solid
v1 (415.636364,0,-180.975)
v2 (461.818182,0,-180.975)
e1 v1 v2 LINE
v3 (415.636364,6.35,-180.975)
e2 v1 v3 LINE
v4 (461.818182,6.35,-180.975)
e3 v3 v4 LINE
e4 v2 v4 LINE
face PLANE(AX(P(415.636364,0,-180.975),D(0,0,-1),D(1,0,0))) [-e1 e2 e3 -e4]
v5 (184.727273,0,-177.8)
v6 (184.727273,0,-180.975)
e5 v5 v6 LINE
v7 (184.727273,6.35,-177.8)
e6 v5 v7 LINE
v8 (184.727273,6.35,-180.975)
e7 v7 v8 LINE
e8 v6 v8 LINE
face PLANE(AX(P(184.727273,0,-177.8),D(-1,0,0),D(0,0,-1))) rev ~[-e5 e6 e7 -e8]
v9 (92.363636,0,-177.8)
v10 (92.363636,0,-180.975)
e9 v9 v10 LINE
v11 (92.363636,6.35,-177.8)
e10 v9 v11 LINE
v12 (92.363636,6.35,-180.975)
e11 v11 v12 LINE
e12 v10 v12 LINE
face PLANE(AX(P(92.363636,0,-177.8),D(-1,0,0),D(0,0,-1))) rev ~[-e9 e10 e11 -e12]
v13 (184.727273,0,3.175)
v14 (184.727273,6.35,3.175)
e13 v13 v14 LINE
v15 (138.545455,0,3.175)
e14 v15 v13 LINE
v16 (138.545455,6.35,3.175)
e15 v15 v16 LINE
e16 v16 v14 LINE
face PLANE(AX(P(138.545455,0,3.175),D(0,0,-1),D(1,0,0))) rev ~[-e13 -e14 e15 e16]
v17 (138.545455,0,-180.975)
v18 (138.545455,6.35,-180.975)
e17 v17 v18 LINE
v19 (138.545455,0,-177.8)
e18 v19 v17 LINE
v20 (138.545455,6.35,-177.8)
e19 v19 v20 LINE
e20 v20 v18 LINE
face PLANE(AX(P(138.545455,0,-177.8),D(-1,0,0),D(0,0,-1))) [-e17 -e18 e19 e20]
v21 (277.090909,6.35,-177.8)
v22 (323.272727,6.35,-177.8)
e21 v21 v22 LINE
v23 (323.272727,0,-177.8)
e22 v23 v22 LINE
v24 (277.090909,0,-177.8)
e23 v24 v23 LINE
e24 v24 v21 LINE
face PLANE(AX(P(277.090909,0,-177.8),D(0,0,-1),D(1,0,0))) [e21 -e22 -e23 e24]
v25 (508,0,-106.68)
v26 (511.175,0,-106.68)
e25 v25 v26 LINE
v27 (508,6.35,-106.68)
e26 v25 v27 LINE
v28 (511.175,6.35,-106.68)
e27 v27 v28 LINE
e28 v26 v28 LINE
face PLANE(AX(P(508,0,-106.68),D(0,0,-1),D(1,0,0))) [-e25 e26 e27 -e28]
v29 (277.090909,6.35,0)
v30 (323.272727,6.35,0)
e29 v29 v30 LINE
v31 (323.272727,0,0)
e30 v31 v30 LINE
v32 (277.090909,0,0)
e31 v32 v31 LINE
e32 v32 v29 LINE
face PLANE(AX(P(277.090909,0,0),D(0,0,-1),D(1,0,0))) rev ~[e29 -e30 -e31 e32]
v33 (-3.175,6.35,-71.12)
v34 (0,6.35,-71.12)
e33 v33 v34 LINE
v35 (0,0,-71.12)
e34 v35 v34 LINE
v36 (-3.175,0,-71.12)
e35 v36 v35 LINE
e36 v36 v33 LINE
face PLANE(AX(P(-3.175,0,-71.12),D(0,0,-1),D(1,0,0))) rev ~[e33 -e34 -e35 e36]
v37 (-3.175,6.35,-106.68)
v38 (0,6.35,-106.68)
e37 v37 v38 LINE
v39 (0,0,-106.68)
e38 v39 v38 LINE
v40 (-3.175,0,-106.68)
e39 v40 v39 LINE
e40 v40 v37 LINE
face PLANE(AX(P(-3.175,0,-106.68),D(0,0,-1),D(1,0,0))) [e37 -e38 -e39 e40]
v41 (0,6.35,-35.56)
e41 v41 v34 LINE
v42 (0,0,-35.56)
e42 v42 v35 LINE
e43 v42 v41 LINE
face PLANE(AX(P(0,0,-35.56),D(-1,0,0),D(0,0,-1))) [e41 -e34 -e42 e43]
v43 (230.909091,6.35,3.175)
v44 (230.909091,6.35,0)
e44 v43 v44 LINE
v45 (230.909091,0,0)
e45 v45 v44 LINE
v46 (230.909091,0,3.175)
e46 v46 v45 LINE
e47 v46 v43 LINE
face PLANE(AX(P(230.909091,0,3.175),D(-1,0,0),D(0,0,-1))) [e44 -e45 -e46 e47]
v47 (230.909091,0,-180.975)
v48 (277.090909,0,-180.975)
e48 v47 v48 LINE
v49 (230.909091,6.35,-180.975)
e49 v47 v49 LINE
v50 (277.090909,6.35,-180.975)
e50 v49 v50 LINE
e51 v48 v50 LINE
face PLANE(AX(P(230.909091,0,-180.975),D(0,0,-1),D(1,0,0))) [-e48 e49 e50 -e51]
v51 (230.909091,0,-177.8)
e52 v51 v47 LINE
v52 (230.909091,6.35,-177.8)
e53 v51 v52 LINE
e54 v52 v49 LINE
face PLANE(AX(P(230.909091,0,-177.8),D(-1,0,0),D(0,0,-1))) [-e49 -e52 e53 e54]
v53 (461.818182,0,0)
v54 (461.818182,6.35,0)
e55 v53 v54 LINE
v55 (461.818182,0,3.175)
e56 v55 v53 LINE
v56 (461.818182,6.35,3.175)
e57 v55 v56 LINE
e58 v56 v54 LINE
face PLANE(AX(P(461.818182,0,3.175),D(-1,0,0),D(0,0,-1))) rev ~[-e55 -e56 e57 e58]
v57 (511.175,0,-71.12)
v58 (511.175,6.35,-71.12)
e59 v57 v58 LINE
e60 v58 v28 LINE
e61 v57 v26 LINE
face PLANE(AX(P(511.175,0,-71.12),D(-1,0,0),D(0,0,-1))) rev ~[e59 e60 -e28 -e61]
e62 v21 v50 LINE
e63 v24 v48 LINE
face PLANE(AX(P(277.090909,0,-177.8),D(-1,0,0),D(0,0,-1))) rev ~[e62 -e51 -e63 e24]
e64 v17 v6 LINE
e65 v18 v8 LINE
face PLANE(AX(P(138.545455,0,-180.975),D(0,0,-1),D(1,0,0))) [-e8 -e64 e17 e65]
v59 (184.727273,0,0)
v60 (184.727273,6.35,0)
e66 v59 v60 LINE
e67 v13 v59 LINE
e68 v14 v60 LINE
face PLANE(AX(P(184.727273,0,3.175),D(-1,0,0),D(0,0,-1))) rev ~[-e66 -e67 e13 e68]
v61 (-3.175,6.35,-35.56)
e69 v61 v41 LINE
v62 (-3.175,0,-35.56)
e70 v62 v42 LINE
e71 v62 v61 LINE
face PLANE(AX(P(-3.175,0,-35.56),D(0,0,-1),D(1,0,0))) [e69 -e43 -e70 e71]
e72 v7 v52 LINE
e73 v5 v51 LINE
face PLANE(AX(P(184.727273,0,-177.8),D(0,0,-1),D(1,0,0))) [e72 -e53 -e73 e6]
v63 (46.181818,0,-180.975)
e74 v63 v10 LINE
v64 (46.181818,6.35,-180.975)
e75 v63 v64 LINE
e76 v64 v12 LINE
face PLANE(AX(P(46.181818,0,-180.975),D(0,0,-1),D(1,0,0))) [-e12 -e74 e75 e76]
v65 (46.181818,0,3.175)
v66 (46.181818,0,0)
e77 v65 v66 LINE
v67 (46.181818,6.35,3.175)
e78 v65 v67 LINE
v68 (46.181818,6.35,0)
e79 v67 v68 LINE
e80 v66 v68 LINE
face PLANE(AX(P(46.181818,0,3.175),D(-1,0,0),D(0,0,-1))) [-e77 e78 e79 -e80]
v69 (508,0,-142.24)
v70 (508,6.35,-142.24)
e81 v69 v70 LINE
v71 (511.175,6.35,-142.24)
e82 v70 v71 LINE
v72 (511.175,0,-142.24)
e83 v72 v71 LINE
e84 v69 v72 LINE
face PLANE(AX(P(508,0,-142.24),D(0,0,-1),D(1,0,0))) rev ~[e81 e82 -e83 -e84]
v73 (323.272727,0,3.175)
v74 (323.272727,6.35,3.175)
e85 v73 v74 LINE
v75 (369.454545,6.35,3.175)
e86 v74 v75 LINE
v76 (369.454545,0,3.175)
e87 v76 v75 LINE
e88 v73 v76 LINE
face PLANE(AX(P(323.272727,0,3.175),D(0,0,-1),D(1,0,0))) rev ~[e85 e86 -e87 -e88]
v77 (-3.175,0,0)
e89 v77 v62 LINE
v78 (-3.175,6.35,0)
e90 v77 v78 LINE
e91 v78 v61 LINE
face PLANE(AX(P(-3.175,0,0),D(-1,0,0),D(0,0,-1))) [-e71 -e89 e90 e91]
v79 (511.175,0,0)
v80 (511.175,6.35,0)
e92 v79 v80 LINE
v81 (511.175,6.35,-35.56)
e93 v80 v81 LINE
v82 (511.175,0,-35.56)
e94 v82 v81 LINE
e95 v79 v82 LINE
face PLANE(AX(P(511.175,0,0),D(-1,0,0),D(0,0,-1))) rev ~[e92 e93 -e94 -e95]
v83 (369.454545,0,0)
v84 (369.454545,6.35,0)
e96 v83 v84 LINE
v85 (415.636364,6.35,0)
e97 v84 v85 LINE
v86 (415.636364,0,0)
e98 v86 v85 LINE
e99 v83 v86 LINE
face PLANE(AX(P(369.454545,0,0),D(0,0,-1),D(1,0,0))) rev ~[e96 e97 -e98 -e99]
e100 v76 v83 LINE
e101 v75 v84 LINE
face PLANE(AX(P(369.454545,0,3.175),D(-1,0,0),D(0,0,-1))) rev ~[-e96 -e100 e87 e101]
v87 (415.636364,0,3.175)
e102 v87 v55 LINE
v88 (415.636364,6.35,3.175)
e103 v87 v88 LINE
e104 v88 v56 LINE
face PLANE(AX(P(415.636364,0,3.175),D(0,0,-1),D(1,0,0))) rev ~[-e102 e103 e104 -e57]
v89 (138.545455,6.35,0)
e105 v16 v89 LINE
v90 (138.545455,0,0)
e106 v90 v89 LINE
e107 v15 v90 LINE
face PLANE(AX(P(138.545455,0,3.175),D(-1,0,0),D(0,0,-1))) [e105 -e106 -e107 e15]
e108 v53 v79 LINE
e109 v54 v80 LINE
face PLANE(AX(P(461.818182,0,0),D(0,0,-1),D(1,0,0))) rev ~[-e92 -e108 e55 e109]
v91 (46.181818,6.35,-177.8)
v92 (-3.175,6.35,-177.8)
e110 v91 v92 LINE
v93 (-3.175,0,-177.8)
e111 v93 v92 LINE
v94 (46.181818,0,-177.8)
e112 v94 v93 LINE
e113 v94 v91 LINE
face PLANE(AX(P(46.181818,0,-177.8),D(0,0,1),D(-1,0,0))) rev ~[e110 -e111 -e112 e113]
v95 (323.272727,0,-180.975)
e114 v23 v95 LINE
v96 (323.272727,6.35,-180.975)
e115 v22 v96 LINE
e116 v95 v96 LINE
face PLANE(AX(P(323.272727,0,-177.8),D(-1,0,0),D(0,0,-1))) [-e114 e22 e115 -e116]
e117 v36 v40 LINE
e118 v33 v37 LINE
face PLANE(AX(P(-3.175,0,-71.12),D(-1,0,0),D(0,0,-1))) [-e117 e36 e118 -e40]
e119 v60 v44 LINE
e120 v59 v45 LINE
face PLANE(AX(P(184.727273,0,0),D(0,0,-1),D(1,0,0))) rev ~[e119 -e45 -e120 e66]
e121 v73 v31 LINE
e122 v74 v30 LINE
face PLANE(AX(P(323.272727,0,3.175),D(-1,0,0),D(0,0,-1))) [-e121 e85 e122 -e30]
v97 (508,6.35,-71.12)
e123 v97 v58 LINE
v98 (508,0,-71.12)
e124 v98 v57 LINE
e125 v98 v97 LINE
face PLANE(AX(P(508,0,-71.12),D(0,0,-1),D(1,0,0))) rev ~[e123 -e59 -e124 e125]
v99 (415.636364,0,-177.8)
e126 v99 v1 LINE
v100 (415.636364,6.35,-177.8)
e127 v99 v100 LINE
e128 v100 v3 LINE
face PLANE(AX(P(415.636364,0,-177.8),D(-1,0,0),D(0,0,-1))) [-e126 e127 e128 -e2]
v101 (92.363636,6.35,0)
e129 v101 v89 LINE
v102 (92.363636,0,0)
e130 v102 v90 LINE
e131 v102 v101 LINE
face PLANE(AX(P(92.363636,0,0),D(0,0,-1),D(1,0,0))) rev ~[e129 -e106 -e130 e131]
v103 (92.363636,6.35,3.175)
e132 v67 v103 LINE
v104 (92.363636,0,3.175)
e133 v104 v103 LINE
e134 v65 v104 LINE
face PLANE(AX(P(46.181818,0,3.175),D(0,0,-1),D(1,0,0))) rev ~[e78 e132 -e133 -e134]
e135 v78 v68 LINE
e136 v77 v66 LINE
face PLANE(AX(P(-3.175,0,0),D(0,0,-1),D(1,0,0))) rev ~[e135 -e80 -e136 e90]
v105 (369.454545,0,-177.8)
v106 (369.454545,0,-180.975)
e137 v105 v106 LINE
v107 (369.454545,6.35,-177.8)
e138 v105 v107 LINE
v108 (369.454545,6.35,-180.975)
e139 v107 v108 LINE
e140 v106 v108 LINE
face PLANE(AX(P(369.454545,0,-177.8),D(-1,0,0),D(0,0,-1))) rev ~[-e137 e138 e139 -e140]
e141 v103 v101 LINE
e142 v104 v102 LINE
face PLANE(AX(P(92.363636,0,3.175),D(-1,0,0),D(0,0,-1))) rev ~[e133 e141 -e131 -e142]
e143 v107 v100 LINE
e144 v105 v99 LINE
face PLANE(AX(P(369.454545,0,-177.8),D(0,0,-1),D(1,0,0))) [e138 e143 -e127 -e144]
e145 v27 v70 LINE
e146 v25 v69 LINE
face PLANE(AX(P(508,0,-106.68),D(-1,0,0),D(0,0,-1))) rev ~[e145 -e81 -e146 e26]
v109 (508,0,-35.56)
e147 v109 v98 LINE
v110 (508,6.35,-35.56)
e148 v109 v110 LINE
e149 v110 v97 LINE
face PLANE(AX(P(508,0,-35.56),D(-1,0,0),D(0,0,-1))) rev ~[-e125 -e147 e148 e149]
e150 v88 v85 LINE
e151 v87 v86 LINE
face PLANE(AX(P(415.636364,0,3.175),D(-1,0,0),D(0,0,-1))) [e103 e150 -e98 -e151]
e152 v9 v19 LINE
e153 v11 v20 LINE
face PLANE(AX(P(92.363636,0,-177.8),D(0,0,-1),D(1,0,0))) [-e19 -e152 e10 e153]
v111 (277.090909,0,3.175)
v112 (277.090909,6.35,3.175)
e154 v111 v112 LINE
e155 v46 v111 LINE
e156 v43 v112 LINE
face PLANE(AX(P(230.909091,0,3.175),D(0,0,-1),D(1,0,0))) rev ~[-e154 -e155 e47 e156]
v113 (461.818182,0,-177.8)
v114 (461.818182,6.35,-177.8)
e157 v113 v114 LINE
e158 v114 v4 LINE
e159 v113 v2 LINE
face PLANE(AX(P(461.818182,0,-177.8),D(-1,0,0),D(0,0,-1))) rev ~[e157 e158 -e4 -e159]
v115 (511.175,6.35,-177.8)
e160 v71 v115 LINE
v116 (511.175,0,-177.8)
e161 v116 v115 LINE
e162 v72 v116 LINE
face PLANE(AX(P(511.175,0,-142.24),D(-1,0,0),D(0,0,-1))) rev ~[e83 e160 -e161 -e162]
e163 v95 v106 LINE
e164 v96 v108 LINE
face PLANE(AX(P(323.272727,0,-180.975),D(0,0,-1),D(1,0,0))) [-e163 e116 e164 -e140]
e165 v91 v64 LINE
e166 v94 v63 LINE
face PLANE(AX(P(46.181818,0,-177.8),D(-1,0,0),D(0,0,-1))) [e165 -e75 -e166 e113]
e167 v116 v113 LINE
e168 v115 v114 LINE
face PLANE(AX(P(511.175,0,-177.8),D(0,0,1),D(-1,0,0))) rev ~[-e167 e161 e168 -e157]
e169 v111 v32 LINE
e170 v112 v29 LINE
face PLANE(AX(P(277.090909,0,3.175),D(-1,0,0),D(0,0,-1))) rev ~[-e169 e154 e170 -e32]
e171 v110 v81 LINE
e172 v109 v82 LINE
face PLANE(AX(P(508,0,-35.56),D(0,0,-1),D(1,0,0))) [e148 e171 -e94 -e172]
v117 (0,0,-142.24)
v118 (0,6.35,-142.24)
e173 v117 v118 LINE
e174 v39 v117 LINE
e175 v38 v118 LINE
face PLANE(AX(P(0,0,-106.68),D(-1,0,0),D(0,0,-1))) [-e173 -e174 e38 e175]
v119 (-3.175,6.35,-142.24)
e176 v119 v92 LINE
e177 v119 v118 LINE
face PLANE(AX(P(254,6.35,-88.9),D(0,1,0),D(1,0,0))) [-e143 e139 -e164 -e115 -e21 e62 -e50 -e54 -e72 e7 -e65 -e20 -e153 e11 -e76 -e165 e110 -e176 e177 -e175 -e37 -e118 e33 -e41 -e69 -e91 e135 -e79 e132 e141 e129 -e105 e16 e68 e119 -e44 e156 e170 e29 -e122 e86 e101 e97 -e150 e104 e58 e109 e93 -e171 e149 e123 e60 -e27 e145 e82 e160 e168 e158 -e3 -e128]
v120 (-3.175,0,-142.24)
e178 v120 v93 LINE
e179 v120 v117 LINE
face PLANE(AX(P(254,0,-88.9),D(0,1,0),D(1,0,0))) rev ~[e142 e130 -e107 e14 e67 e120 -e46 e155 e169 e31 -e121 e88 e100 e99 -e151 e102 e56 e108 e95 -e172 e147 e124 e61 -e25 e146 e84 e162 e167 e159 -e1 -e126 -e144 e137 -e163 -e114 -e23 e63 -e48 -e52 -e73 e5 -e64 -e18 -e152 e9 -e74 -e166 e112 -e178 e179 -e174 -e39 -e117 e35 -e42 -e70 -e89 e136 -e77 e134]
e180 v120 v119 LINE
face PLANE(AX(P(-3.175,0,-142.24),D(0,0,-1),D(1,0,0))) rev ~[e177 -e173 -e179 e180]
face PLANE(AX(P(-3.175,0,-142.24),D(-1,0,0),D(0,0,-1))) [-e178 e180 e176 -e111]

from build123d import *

# Parameters (mm, degrees)
SKETCH1_W           = 508
SKETCH1_H           = 177.8
SKETCH1_W_2         = 46.181818182
SKETCH1_H_2         = 3.175
SKETCH1_W_3         = 3.175
SKETCH1_H_3         = 35.56
BOSS_EXTRUDE1_DEPTH = 6.35


with BuildPart() as part:
    # Sketch1 → Boss-Extrude1 (new body)
    with BuildSketch(Plane(origin=(0, 0, 0), x_dir=(1, 0, 0), z_dir=(0, 1, 0))):
        with Locations((254, 88.9)):
            Rectangle(SKETCH1_W, SKETCH1_H)
        with Locations((438.727272727, 179.3875)):
            Rectangle(SKETCH1_W_2, SKETCH1_H_2)
        with Locations((346.363636364, 179.3875)):
            Rectangle(SKETCH1_W_2, SKETCH1_H_2)
        with Locations((254, 179.3875)):
            Rectangle(SKETCH1_W_2, SKETCH1_H_2)
        with Locations((161.636363636, 179.3875)):
            Rectangle(SKETCH1_W_2, SKETCH1_H_2)
        with Locations((69.272727273, 179.3875)):
            Rectangle(SKETCH1_W_2, SKETCH1_H_2)
        with Locations((-1.5875, 160.02)):
            Rectangle(SKETCH1_W_3, SKETCH1_H_3)
        with Locations((-1.5875, 88.9)):
            Rectangle(SKETCH1_W_3, SKETCH1_H_3)
        with Locations((-1.5875, 17.78)):
            Rectangle(SKETCH1_W_3, SKETCH1_H_3)
        with Locations((346.363636364, -1.5875)):
            Rectangle(SKETCH1_W_2, SKETCH1_H_2)
        with Locations((438.727272727, -1.5875)):
            Rectangle(SKETCH1_W_2, SKETCH1_H_2)
        with Locations((509.5875, 17.78)):
            Rectangle(SKETCH1_W_3, SKETCH1_H_3)
        with Locations((509.5875, 88.9)):
            Rectangle(SKETCH1_W_3, SKETCH1_H_3)
        with Locations((509.5875, 160.02)):
            Rectangle(SKETCH1_W_3, SKETCH1_H_3)
        with Locations((69.272727273, -1.5875)):
            Rectangle(SKETCH1_W_2, SKETCH1_H_2)
        with Locations((161.636363636, -1.5875)):
            Rectangle(SKETCH1_W_2, SKETCH1_H_2)
        with Locations((254, -1.5875)):
            Rectangle(SKETCH1_W_2, SKETCH1_H_2)
    extrude(amount=BOSS_EXTRUDE1_DEPTH)


solid = part.part
